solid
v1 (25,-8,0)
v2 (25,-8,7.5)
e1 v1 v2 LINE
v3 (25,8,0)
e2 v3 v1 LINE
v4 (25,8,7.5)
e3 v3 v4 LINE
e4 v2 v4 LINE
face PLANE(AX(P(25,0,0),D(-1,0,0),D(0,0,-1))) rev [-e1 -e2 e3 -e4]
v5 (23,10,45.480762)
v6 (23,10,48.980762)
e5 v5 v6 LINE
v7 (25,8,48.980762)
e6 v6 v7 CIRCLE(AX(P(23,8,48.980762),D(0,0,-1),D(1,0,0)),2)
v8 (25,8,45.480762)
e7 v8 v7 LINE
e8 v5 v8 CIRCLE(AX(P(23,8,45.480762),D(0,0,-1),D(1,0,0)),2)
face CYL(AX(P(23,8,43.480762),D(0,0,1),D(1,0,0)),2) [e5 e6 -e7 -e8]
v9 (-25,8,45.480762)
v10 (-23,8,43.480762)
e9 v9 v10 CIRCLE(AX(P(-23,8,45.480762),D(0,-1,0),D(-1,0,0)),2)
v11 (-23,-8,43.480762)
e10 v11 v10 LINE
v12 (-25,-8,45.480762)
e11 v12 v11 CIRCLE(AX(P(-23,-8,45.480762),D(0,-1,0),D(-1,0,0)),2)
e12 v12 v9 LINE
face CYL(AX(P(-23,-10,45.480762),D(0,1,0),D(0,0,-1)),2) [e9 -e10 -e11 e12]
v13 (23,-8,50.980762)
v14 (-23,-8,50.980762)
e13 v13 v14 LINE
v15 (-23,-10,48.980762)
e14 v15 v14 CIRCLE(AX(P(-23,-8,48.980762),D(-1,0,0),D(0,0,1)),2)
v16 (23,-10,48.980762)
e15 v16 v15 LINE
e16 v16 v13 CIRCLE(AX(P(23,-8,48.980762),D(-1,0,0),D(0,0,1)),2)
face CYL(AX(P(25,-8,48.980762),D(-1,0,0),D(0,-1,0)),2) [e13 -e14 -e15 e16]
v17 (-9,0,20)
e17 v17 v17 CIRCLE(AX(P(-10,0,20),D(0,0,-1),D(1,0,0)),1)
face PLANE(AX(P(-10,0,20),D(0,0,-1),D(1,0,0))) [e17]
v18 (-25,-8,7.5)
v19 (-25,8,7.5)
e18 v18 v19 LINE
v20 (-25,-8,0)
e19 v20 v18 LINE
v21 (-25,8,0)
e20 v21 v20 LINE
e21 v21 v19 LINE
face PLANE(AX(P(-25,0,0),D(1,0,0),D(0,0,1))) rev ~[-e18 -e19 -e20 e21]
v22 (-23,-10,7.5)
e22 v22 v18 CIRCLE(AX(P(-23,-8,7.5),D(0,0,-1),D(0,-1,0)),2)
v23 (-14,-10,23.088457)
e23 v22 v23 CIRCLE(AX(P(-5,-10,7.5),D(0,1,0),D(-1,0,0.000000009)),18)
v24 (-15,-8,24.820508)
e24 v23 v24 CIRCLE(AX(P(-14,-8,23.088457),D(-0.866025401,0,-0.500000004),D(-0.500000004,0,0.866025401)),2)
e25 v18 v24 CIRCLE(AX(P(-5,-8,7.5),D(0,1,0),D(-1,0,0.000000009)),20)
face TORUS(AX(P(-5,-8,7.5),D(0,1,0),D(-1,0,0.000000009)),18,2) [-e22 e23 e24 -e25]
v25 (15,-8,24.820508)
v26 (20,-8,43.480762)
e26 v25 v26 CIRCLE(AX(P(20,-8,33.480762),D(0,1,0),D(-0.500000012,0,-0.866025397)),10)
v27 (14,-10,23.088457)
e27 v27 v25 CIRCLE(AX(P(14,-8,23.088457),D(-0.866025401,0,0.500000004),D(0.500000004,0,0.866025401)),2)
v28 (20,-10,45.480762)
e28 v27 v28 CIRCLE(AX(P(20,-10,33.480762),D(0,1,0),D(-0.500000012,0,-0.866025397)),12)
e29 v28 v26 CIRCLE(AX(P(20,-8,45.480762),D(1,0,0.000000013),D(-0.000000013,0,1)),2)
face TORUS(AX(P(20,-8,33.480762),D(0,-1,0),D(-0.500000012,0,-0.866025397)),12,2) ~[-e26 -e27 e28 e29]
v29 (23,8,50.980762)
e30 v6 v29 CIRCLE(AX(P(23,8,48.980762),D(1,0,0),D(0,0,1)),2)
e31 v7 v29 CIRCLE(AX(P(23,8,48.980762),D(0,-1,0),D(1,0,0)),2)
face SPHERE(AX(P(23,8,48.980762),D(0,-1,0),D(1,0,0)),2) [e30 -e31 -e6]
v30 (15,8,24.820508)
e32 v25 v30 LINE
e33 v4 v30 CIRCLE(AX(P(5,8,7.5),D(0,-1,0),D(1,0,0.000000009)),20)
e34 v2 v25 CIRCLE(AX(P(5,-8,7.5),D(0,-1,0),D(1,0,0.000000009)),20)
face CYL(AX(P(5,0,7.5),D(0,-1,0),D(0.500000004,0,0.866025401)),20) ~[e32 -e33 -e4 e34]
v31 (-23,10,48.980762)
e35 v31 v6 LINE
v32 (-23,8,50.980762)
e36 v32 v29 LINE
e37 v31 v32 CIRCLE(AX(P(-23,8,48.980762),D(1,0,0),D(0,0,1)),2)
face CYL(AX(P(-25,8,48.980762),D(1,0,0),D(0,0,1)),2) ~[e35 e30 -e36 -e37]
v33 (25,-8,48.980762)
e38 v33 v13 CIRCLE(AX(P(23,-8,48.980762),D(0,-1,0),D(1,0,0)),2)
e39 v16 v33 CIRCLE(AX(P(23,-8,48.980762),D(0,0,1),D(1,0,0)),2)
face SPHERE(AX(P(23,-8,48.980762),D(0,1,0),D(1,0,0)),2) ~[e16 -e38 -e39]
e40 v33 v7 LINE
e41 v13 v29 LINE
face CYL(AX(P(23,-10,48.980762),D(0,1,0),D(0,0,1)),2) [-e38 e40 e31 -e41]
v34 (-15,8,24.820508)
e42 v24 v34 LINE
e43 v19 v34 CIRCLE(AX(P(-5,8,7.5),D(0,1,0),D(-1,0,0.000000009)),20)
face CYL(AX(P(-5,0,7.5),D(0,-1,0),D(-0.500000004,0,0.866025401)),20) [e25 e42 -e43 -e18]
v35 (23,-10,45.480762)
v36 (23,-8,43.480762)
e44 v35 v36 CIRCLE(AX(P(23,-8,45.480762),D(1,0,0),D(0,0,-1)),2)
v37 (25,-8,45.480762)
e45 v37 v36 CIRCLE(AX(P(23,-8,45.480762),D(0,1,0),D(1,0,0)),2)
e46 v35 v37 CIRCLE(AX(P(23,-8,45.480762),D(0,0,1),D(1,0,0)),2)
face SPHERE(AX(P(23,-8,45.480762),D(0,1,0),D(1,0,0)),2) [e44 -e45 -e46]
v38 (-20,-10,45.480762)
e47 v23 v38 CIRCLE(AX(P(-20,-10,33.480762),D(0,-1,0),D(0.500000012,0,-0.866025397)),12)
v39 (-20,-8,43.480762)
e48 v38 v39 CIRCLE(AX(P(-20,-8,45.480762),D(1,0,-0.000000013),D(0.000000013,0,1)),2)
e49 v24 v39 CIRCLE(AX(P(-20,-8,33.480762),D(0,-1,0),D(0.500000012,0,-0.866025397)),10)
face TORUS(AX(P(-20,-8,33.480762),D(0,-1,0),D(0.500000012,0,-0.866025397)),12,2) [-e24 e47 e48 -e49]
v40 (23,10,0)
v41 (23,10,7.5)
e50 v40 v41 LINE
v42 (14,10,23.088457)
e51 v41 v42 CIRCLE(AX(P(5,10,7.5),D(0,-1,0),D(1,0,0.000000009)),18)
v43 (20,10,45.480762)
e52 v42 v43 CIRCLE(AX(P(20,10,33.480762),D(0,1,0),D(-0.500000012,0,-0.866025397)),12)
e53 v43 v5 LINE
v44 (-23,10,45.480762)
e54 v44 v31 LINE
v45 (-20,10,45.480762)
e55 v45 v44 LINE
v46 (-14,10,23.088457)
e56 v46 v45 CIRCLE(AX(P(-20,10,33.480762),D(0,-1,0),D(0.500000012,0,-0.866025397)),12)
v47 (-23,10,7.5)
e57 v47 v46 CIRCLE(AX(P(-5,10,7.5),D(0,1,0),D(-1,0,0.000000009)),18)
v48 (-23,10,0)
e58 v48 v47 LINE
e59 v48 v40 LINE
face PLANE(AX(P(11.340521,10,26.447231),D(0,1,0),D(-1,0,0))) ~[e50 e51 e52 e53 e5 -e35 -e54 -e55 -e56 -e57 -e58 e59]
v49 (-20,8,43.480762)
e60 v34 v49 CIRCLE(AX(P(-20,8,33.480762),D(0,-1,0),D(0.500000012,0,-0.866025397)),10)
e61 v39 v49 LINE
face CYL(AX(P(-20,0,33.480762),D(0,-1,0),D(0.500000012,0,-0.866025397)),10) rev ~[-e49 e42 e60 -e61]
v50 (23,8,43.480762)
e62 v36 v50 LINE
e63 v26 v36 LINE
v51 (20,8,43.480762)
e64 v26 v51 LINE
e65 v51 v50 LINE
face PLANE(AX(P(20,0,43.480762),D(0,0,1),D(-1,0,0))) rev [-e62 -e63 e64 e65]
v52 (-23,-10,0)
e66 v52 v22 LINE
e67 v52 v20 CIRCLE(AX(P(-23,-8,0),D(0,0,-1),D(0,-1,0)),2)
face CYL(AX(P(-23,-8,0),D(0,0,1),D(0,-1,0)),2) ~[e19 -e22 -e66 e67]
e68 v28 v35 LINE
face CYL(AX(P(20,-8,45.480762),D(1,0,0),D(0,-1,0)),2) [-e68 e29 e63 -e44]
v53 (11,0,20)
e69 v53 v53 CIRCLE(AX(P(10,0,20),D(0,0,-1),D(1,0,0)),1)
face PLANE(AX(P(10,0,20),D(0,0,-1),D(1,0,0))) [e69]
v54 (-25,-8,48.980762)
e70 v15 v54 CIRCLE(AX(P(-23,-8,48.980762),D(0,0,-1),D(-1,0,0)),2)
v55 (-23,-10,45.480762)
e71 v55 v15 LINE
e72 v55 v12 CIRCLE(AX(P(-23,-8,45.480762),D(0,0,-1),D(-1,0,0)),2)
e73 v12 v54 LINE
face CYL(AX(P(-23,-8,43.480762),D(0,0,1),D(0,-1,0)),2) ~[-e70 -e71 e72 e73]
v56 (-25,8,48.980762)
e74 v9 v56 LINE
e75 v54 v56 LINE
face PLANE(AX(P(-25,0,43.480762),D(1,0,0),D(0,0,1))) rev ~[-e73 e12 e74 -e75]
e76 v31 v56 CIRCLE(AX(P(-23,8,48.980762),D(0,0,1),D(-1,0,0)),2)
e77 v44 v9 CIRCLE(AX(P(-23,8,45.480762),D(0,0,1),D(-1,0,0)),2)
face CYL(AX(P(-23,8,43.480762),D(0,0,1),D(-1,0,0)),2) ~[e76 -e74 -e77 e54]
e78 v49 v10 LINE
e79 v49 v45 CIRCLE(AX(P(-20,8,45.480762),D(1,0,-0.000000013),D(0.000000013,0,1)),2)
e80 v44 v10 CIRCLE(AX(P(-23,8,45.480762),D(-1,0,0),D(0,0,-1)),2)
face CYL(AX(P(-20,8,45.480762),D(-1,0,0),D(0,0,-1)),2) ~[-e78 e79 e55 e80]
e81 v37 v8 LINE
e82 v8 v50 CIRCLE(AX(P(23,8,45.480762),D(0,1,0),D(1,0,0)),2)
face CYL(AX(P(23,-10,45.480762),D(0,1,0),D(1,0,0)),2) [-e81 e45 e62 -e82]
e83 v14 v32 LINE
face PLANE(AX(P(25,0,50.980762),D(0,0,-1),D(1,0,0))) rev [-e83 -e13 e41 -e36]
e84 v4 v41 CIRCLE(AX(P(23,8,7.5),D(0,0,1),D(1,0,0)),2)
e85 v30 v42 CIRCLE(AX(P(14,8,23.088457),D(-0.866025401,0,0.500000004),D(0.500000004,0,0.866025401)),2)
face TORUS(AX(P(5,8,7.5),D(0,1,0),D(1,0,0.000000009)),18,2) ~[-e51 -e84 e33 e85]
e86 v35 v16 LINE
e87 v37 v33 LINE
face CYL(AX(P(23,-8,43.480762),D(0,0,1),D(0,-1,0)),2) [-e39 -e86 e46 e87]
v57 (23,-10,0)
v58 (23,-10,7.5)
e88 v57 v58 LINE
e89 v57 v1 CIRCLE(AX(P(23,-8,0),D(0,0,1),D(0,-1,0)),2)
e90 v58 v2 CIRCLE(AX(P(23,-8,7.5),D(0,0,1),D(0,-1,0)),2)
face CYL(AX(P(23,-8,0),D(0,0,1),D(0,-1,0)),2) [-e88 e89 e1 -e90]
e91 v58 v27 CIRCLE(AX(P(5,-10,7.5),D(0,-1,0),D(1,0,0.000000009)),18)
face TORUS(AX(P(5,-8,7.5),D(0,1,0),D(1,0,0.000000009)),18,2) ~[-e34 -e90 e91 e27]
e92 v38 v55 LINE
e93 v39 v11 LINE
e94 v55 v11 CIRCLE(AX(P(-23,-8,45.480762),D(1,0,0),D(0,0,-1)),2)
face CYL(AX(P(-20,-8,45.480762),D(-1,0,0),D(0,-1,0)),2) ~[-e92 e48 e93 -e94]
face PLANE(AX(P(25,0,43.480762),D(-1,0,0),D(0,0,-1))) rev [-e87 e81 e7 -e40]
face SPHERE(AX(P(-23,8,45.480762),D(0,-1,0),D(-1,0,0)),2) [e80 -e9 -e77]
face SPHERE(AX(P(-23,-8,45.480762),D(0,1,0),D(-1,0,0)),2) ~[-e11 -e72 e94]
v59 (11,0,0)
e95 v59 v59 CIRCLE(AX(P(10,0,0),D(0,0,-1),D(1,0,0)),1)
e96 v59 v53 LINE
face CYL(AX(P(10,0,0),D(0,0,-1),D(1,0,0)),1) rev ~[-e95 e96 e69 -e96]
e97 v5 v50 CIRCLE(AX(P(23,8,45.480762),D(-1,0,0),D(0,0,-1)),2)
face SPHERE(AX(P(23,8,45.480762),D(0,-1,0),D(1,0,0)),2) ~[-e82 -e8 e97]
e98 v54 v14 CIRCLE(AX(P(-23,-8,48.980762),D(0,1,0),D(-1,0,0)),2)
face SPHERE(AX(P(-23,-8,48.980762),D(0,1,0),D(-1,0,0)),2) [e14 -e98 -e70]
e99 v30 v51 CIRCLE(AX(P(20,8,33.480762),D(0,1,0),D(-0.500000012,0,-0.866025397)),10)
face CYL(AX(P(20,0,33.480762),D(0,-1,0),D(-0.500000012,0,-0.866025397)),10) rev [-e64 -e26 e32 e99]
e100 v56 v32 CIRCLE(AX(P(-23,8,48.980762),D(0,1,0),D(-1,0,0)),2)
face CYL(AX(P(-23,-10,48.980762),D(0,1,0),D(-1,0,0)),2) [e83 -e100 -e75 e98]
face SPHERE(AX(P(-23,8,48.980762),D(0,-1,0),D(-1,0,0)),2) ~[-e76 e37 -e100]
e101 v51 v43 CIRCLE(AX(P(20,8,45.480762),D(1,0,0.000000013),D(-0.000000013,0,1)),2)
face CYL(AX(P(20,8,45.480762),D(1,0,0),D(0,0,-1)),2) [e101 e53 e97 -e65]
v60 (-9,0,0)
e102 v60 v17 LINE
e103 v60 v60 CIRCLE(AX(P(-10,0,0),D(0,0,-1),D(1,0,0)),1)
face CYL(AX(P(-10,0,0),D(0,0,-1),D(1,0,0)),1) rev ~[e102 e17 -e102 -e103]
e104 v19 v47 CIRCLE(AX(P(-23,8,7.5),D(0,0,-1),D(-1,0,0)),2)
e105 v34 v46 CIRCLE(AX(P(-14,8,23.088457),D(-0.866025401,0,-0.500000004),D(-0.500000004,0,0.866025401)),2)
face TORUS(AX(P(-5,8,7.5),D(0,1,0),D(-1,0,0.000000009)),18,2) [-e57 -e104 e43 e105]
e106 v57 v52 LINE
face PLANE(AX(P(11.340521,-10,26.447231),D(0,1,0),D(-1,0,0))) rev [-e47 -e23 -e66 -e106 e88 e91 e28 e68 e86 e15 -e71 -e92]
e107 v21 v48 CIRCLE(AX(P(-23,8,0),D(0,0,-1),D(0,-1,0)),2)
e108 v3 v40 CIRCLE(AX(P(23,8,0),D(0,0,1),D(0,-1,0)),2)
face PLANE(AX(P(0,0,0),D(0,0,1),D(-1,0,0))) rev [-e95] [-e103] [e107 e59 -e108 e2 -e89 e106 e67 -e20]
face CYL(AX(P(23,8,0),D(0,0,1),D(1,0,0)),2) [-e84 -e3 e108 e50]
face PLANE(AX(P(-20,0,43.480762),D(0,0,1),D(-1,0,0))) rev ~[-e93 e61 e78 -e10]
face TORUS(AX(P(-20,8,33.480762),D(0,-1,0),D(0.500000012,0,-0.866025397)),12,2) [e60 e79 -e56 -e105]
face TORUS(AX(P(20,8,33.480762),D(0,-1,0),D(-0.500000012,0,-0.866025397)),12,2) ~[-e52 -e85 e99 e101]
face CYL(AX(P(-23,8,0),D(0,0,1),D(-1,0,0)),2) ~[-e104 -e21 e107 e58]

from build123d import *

# Parameters (mm, degrees)
PAD001_DEPTH    = 10
FILLET_R        = 2
SKETCH003_R     = 1
POCKET001_DEPTH = 20


with BuildPart() as part:
    # Sketch002 → Pad001 (new body, symmetric)
    with BuildSketch(Plane.XZ):
        with BuildLine():
            Line((-25, 0), (-25, 7.5))
            ThreePointArc((-15, 24.820508), (-22.320508, 17.5), (-25, 7.5))
            ThreePointArc((-15, 24.820508), (-10.340742, 36.068953), (-20, 43.480762))
            Line((-20, 43.480762), (-25, 43.480762))
            Line((-25, 43.480762), (-25, 50.980762))
            Line((-25, 50.980762), (0, 50.980762))
            Line((0, 50.980762), (0, 0))
            Line((0, 0), (-25, 0))
        make_face()
    pad001 = extrude(amount=PAD001_DEPTH, both=True)

    # Mirrored: Pad001 across Sketch002 V_Axis
    add(pad001.mirror(Plane(origin=(0, 0, 0), x_dir=(0, -1, 0), z_dir=(1, 0, 0))))

    # Fillet
    fillet_edges = [part.edges().sort_by_distance(p)[0] for p in [
        (25, 0, 43.480762),
        (25, 0, 50.980762),
        (25, 10, 47.230762),
        (25, -10, 47.230762),
        (-25, 0, 43.480762),
        (-25, 0, 50.980762),
        (-25, 10, 47.230762),
        (-25, -10, 47.230762),
        (0, -10, 50.980762),
        (0, 10, 50.980762),
        (22.5, -10, 43.480762),
        (10.340742, -10, 36.068953),
        (22.320508, -10, 17.5),
        (25, -10, 3.75),
        (25, 10, 3.75),
        (22.320508, 10, 17.5),
        (10.340742, 10, 36.068953),
        (22.5, 10, 43.480762),
        (-25, 10, 3.75),
        (-22.320508, 10, 17.5),
        (-10.340742, 10, 36.068953),
        (-22.5, 10, 43.480762),
        (-22.5, -10, 43.480762),
        (-10.340742, -10, 36.068953),
        (-22.320508, -10, 17.5),
        (-25, -10, 3.75),
    ]]
    fillet(fillet_edges, radius=FILLET_R)

    # Sketch003 (on Face2 of Fillet) → Pocket001 (cut)
    with BuildSketch(Plane(origin=(0, 0, 0), x_dir=(1, 0, 0), z_dir=(0, 0, -1))):
        with Locations((-10, 0)):
            Circle(SKETCH003_R)
        with Locations((10, 0)):
            Circle(SKETCH003_R)
    extrude(amount=-POCKET001_DEPTH, mode=Mode.SUBTRACT)


solid = part.part
